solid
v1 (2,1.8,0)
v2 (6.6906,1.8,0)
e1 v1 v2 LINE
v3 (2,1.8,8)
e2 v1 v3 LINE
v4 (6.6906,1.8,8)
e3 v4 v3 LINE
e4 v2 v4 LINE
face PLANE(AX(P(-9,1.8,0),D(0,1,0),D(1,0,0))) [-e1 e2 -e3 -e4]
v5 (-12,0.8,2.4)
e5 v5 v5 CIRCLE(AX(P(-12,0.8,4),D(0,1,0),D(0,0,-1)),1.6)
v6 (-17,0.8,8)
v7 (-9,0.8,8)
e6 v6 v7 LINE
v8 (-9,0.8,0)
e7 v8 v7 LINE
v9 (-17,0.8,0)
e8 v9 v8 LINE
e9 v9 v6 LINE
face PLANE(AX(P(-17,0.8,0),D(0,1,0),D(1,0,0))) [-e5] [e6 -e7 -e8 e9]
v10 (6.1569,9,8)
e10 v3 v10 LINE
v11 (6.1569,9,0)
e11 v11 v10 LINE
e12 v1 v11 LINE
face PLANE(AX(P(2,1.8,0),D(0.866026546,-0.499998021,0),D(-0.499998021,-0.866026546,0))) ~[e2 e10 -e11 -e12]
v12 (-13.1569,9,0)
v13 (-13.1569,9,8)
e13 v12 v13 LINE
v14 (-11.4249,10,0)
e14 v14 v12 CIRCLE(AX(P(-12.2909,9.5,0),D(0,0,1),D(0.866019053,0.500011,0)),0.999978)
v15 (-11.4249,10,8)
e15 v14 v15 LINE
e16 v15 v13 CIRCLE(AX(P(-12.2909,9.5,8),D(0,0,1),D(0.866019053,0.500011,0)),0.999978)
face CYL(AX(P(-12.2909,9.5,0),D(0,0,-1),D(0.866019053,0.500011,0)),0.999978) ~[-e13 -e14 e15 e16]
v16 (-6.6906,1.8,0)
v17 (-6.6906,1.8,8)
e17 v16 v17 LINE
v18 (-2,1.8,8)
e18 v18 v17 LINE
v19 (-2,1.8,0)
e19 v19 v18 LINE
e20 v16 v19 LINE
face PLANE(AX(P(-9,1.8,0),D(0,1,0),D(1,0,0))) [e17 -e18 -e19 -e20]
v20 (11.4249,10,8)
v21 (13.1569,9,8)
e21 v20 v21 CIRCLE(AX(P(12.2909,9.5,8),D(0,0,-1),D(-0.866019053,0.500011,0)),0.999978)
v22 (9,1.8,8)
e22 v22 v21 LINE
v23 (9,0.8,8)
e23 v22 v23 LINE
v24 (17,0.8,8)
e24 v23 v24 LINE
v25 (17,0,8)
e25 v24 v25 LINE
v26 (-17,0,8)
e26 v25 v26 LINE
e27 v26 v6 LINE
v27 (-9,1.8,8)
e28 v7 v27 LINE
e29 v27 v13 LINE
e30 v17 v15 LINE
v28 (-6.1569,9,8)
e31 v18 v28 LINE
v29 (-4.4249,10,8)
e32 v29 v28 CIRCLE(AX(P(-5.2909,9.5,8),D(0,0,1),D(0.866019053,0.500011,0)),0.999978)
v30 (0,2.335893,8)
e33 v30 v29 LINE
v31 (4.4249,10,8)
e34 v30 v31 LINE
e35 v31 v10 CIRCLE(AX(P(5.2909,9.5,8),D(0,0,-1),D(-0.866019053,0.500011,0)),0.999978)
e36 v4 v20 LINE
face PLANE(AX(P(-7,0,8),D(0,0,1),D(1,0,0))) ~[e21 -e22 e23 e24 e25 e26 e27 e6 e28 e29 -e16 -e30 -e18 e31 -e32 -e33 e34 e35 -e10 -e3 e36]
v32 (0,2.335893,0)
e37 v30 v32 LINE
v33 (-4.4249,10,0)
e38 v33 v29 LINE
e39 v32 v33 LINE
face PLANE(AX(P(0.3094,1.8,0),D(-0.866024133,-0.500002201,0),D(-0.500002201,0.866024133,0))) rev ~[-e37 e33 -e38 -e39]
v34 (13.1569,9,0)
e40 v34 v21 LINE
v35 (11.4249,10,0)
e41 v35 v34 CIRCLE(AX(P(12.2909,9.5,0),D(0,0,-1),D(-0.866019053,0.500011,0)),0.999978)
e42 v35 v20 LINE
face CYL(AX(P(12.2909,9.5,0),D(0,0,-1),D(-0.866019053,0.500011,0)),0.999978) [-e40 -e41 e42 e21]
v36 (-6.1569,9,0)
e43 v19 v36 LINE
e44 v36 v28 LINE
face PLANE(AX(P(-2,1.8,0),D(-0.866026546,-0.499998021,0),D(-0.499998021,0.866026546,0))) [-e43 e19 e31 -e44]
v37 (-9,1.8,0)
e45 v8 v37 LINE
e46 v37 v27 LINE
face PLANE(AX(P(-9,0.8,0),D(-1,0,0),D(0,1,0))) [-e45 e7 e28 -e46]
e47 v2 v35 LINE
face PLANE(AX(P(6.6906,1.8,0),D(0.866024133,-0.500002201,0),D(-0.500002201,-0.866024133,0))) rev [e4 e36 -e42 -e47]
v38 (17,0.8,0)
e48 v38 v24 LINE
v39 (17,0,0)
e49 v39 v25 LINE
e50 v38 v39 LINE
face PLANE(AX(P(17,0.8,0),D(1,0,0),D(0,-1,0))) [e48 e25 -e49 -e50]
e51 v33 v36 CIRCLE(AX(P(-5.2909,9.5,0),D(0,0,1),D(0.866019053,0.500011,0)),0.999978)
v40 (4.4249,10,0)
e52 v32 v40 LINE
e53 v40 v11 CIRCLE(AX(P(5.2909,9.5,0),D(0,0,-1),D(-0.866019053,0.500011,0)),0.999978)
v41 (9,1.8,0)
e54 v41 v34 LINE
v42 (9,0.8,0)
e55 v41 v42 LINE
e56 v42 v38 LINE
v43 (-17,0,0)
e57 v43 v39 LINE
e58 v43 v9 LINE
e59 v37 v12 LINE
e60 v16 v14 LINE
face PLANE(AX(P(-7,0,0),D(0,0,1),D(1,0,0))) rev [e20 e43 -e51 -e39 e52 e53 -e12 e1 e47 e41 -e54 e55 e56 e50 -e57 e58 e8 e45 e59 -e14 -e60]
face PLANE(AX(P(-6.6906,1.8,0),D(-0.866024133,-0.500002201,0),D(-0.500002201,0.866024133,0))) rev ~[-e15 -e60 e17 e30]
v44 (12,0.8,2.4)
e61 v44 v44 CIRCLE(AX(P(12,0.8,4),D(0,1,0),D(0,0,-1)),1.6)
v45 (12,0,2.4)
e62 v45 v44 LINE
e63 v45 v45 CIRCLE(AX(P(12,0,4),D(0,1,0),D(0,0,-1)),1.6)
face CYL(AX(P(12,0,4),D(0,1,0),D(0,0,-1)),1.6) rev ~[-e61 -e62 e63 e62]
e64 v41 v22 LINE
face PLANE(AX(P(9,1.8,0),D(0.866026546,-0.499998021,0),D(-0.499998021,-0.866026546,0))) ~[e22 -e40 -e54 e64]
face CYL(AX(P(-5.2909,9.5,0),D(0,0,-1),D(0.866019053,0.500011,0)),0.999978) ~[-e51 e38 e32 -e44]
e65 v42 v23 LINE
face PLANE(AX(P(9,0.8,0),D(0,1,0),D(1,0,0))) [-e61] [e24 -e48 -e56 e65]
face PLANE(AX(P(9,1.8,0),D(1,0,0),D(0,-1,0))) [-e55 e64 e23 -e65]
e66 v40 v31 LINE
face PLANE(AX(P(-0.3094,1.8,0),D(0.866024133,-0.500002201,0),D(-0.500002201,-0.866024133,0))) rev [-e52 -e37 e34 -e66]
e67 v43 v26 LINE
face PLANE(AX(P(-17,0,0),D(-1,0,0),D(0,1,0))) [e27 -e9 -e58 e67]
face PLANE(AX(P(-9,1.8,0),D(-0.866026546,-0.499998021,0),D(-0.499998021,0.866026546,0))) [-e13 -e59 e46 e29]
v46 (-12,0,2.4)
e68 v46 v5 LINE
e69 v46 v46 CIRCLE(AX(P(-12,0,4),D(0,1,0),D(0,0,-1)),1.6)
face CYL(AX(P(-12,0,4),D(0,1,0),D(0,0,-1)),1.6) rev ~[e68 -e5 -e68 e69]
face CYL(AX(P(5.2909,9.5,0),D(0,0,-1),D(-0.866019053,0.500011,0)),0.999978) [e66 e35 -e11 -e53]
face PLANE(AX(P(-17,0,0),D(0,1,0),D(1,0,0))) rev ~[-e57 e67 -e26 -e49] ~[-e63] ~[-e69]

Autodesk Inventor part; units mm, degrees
ref_plane "YZ Plane" through (0, 0, 0) normal (1, 0, 0) x (0, 1, 0)
ref_plane "XZ Plane" through (0, 0, 0) normal (0, 1, 0) x (-1, 0, 0)
ref_plane "XY Plane" through (0, 0, 0) normal (0, 0, 1) x (1, 0, 0)
sketch "Skizze1" plane through (0, 0, 0) normal (0, 0, 1) x (1, 0, 0)
  line L0 (-17, 0) -> (17, 0)
  line L1 (0, 2.16) -> (0, -0.36) projected
  line L2 (-17, 0) -> (-17, 0.8)
  line L3 (17, 0.8) -> (17, 0)
  line L4 (-17, 0.8) -> (-9, 0.8)
  line L5 (-9, 0.8) -> (-9, 1.8)
  line L6 (-9, 1.8) -> (9, 1.8)
  line L7 (9, 1.8) -> (9, 0.8)
  line L8 (9, 0.8) -> (17, 0.8)
  point P0 (0, 0)
  dimension "d2" = 0.8
  dimension "d3" = 34
  dimension "d28" = 1
  dimension "d29" = 18
extrude "Extrusion1" add sketch "Skizze1" along normal blind 8
sketch "Skizze2" plane through (0, 0, 0) normal (0, 0, 1) x (1, 0, 0)
  line L0 (-17, 0) -> (17, 0) construction
  line L1 (17, 0) -> (17, 0.8) construction
  line L2 (-9, 0.8) -> (-17, 0.8) construction
  line L3 (-17, 0.8) -> (-17, 0) construction
  line L4 (-9, 1.8) -> (-13.1569, 9)
  line L5 (-6.6906, 1.8) -> (-9, 1.8)
  line L6 (-6.6906, 1.8) -> (-11.4249, 10)
  arc A0 (-11.4249, 10) -> (-13.1569, 9) centre (-12.2909, 9.5) ccw
  line L7 (-17, 0.8) -> (-17, 0.8) construction
  line L8 (-17, 0.8) -> (-17, 10.5) construction
  line L9 (-17, 10.5) -> (17, 10.5) construction
  line L10 (17, 10.5) -> (17, 0.8) construction
  line L11 (17, 0.8) -> (-9, 0.8) construction
  line L12 (0, 13.8837) -> (0, -2.3139) construction
  arc A1 (-10.865, 10.5) -> (-17, 0.8) centre (-7.8453, 1.8) ccw construction
  line L13 (17, 0.8) -> (9, 0.8) projected
  line L14 (9, 0.8) -> (9, 1.8) projected
  line L15 (9, 1.8) -> (-9, 1.8) construction
  line L16 (-9, 1.8) -> (-9, 0.8) projected
  point P0 (0, 0)
  dimension "d10" = 2
  dimension "d11" = 60
  dimension "d12" = 34
  dimension "d14" = 10.5
extrude "Extrusion2" add sketch "Skizze2" along normal blind 8
pattern_linear "Rechteckige Anordnung1" count 2 spacing 7 along (1, 0, 0) of "Extrusion2"
mirror "Spiegeln1" about plane through (0, 0, 0) normal (1, 0, 0) of "Extrusion2", "Rechteckige Anordnung1"
sketch "Skizze3" plane through (-17, 0, 0) normal (0, -1, 0) x (1, 0, 0)
  line L0 (17, 9.6) -> (17, -1.6) projected
  line L1 (0, 0) -> (34, 0) projected
  line L2 (34, 0) -> (34, 8) projected
  line L3 (0, 8) -> (34, 8) projected
  line L4 (0, 0) -> (0, 8) projected
  line L5 (0, 0) -> (0, 8) construction
  line L6 (0, 4) -> (34, 4) construction
  point P0 (17, 0)
  point P1 (5, 4)
  point P2 (29, 4)
  dimension "d20" = 24
hole "Bohrung1" at (-12, 0, 4) at (12, 0, 4) direction (0, 1, 0) diameter 3.2 depth 2 tip angle 118
properties part number "Dribblerdaempfer V2" material "Gummi, Silikon"
